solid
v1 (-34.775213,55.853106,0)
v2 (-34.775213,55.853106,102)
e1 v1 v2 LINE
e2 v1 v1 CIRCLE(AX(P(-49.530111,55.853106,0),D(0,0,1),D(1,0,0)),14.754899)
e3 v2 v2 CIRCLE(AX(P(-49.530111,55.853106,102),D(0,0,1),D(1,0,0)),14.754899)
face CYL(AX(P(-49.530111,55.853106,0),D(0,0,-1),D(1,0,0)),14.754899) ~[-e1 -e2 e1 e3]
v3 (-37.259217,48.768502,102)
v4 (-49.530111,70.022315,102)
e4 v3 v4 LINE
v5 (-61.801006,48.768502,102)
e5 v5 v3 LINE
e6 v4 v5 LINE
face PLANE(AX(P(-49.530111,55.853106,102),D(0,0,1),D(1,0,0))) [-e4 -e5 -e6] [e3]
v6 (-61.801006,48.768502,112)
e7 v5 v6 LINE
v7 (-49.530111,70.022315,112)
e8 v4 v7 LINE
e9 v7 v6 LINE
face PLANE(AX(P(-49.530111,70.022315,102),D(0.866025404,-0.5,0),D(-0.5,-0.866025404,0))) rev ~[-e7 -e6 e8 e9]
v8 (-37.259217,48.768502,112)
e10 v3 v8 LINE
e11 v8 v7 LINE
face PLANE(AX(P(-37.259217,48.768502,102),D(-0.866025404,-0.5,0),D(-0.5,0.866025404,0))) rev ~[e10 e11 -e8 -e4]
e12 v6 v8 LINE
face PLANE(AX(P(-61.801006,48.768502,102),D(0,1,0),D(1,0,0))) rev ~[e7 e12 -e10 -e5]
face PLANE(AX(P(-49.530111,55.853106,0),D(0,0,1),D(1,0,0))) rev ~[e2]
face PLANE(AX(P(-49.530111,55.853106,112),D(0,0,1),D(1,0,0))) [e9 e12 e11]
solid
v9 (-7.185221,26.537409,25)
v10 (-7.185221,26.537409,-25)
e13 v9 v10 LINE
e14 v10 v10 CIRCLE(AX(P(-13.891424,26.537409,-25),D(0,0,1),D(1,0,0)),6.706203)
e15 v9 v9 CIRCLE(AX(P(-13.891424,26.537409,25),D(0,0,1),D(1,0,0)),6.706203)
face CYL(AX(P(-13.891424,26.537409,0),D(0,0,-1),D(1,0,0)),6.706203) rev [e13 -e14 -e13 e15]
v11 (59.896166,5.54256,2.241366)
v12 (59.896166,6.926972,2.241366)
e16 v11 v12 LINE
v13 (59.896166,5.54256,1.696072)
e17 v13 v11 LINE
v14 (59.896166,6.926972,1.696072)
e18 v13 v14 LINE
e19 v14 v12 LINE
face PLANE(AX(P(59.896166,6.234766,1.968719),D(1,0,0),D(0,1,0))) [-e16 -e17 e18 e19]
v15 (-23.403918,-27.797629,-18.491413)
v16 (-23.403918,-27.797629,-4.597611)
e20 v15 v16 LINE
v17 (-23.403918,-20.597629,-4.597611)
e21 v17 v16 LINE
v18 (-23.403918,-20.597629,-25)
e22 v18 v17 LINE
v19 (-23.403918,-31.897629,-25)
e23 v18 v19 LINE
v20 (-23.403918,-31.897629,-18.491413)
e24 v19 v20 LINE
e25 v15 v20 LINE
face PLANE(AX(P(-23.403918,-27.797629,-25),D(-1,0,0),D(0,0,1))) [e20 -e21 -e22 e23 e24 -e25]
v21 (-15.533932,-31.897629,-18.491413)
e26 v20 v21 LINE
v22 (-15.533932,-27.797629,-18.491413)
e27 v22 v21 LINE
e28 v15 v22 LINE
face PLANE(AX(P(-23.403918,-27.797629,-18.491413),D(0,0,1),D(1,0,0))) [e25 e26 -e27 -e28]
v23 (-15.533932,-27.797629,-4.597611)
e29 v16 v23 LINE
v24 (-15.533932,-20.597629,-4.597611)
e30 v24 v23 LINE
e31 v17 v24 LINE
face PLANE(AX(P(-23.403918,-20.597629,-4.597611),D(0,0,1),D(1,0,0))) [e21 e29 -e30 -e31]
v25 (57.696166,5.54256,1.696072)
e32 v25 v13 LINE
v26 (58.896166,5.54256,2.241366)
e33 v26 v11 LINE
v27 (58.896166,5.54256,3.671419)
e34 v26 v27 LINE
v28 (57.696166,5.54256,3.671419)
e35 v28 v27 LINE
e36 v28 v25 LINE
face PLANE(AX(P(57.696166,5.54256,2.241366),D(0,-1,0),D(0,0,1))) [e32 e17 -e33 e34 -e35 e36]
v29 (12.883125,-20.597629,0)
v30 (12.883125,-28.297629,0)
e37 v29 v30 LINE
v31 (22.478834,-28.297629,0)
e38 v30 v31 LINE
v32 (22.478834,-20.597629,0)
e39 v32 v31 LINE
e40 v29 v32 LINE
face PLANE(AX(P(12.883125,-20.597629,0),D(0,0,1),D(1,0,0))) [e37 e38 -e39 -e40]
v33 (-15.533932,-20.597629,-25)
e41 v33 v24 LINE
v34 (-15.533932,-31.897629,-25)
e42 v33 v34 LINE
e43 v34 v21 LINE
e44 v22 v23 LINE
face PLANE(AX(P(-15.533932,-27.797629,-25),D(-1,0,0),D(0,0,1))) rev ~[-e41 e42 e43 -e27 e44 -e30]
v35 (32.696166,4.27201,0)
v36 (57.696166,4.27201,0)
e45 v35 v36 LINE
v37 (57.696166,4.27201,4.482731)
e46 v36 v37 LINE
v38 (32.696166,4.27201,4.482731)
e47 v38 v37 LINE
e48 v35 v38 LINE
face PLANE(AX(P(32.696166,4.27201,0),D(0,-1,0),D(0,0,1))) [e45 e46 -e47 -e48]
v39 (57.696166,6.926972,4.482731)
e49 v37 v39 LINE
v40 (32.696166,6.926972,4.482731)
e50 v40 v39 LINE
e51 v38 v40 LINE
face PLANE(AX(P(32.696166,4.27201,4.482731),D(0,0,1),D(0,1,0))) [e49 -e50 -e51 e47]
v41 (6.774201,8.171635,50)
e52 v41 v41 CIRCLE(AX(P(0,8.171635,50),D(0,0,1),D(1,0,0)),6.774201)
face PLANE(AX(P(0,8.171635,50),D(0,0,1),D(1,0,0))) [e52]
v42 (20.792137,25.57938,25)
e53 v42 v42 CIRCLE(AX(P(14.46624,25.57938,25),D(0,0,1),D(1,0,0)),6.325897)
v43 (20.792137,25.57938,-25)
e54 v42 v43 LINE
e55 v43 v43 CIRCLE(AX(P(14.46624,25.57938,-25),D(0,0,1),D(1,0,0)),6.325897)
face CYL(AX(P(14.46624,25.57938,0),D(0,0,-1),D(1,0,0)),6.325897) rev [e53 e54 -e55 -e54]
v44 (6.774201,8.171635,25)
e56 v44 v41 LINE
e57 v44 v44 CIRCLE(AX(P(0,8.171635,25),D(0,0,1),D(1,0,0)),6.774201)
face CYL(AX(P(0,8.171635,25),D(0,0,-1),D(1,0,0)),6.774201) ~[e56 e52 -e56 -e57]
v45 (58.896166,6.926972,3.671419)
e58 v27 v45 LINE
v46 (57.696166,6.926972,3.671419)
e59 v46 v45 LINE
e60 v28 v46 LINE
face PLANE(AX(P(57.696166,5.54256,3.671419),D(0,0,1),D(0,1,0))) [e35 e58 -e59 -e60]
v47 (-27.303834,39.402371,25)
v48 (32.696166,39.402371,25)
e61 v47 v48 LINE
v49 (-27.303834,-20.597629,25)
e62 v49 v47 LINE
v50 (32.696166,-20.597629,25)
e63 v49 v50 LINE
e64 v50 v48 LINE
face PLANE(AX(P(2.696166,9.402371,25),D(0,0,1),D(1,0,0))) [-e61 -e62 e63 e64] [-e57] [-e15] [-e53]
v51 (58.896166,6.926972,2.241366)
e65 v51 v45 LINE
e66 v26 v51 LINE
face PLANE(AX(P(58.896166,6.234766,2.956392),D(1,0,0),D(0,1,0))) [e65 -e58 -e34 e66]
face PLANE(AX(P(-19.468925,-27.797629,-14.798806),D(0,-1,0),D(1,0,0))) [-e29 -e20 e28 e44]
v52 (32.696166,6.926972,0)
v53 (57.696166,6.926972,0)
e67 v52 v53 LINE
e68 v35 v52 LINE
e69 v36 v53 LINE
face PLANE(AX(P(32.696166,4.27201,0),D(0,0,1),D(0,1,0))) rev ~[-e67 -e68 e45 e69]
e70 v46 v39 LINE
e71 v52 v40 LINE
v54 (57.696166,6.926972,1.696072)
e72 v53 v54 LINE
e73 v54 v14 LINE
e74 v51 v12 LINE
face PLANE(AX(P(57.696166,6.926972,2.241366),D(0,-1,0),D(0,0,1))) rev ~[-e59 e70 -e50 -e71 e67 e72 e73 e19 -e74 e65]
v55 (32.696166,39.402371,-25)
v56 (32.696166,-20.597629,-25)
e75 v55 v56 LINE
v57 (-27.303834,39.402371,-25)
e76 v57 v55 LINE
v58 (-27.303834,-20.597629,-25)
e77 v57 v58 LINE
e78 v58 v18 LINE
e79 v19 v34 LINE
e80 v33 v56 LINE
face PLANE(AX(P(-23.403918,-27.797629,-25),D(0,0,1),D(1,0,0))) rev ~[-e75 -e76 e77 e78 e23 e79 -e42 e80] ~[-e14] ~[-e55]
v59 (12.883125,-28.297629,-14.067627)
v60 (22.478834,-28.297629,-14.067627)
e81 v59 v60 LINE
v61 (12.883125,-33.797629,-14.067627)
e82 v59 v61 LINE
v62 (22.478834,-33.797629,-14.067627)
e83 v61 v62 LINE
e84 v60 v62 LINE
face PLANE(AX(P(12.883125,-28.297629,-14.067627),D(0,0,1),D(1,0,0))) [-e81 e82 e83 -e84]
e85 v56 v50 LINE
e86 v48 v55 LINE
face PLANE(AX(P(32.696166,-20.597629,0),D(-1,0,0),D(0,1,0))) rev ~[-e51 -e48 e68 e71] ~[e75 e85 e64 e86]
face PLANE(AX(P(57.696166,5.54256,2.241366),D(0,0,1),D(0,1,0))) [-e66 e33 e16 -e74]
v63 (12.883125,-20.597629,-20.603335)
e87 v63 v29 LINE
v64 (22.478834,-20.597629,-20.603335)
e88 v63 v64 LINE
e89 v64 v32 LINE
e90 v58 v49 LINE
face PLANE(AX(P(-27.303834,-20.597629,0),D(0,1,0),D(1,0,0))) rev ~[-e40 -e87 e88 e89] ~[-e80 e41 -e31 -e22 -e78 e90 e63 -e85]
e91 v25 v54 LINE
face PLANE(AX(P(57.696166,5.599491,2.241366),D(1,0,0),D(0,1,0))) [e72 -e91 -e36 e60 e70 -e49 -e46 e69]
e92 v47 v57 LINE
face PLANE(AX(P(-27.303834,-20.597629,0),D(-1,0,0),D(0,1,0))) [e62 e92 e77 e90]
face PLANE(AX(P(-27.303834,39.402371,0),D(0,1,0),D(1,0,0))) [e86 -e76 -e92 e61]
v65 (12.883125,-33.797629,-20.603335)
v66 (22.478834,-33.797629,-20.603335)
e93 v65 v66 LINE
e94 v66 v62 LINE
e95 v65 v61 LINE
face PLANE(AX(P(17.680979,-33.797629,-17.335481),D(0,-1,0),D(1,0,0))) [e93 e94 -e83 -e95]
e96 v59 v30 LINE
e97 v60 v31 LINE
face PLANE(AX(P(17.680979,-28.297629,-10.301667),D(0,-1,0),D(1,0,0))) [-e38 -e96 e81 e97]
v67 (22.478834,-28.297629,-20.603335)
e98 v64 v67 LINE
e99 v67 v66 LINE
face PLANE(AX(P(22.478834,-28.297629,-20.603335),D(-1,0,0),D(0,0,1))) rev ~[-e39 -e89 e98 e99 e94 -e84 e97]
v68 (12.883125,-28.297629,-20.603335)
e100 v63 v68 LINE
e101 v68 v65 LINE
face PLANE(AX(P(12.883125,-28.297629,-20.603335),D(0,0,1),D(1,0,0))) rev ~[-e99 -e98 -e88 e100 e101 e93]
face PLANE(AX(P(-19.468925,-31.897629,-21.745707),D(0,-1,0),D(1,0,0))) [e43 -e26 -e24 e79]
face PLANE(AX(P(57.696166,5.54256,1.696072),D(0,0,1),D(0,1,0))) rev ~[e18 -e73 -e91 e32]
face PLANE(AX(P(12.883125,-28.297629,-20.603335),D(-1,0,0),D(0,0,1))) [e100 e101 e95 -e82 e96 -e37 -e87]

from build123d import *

# Parameters (mm, degrees)
F0_W      = 60
F0_H      = 60
F0_R      = 6.7062031478
F0_R_2    = 6.3258965971
F1_DEPTH  = 25
F2_DEPTH  = 1.1
F3_DEPTH  = 25
F4_DEPTH  = 25
F5_R      = 6.7742007843
F6_DEPTH  = 25
F7_W      = 9.5957089216
F7_H      = 20.6033345312
F8_DEPTH  = 7.7
F9_W      = 9.5957089216
F9_H      = 6.5357079729
F10_DEPTH = 5.5
F11_W     = 7.8699858859
F11_H     = 20.4023887403
F12_DEPTH = 7.2
F13_W     = 7.8699858859
F13_H     = 6.5085865557
F14_DEPTH = 4.1
F15_W     = 2.6549622416
F15_H     = 4.4827312231
F16_DEPTH = 25
F17_W     = 1.3844114728
F17_H     = 0.5452939076
F18_DEPTH = 2.2
F19_W     = 1.3844114728
F19_H     = 1.4300532639
F20_DEPTH = 1.2
F21_R     = 14.7548987497
F22_DEPTH = 102
F24_DEPTH = 10


with BuildPart() as f1:
    # F0 (on Top) → F1 (new body)
    with BuildSketch(Plane.XY):
        with Locations((2.6961664855, 9.4023707509)):
            Rectangle(F0_W, F0_H)
        with Locations((-13.8914240524, 26.5374090523)):
            Circle(F0_R, mode=Mode.SUBTRACT)
        with Locations((14.4662400708, 25.5793798715)):
            Circle(F0_R_2, mode=Mode.SUBTRACT)
    extrude(amount=-F1_DEPTH)

    # F2 (add): a face of the model
    f2_faces = [f1.faces().sort_by_distance(p)[0] for p in [
        (2.9553682193, 8.0658285207, -25),
    ]]
    extrude(f2_faces, amount=-F2_DEPTH)

    # F3 (add): a face of the model
    f3_faces = [f1.faces().sort_by_distance(p)[0] for p in [
        (2.6961664855, -20.5976292491, -12.5),
    ]]
    extrude(f3_faces, amount=-F3_DEPTH)

    # F0 (on Top) → F4 (join)
    with BuildSketch(Plane.XY):
        with Locations((2.6961664855, 9.4023707509)):
            Rectangle(F0_W, F0_H)
        with Locations((-13.8914240524, 26.5374090523)):
            Circle(F0_R, mode=Mode.SUBTRACT)
        with Locations((14.4662400708, 25.5793798715)):
            Circle(F0_R_2, mode=Mode.SUBTRACT)
    extrude(amount=F4_DEPTH)

    # F5 (on face) → F6 (join)
    with BuildSketch(Plane.XY.offset(25)):
        with Locations((0, 8.1716347486)):
            Circle(F5_R)
    extrude(amount=F6_DEPTH)

    # F7 (on face) → F8 (join)
    with BuildSketch(Plane.XZ.offset(20.5976292491)):
        with Locations((17.6809793338, -10.3016672656)):
            Rectangle(F7_W, F7_H)
    extrude(amount=F8_DEPTH)

    # F9 (on face) → F10 (join)
    with BuildSketch(Plane.XZ.offset(28.2976292491)):
        with Locations((17.6809793338, -17.3354805447)):
            Rectangle(F9_W, F9_H)
    extrude(amount=F10_DEPTH)

    # F11 (on face) → F12 (join)
    with BuildSketch(Plane.XZ.offset(20.5976292491)):
        with Locations((-19.4689254276, -14.7988056298)):
            Rectangle(F11_W, F11_H)
    extrude(amount=F12_DEPTH)

    # F13 (on face) → F14 (join)
    with BuildSketch(Plane.XZ.offset(27.7976292491)):
        with Locations((-19.4689254276, -21.7457067221)):
            Rectangle(F13_W, F13_H)
    extrude(amount=F14_DEPTH)

    # F15 (on face) → F16 (join)
    with BuildSketch(Plane.YZ.offset(32.6961664855)):
        with Locations((5.5994908325, 2.2413656116)):
            Rectangle(F15_W, F15_H)
    extrude(amount=F16_DEPTH)

    # F17 (on face) → F18 (join)
    with BuildSketch(Plane.YZ.offset(57.6961664855)):
        with Locations((6.2347662169, 1.9687186577)):
            Rectangle(F17_W, F17_H)
    extrude(amount=F18_DEPTH)

    # F19 (on face) → F20 (join)
    with BuildSketch(Plane.YZ.offset(57.6961664855)):
        with Locations((6.2347662169, 2.9563922435)):
            Rectangle(F19_W, F19_H)
    extrude(amount=F20_DEPTH)


with BuildPart() as f22:
    # F21 (on Top) → F22 (new body)
    with BuildSketch(Plane.XY):
        with Locations((-49.5301112533, 55.8531060815)):
            Circle(F21_R)
    extrude(amount=F22_DEPTH)

    # F23 (on face) → F24 (join)
    with BuildSketch(Plane.XY.offset(102)):
        Polygon((-61.8010059437, 48.7685017288), (-37.2592165628, 48.7685017288), (-49.5301112533, 70.0223147869), align=None)
    extrude(amount=F24_DEPTH)


solid = Compound([f1.part, f22.part])
